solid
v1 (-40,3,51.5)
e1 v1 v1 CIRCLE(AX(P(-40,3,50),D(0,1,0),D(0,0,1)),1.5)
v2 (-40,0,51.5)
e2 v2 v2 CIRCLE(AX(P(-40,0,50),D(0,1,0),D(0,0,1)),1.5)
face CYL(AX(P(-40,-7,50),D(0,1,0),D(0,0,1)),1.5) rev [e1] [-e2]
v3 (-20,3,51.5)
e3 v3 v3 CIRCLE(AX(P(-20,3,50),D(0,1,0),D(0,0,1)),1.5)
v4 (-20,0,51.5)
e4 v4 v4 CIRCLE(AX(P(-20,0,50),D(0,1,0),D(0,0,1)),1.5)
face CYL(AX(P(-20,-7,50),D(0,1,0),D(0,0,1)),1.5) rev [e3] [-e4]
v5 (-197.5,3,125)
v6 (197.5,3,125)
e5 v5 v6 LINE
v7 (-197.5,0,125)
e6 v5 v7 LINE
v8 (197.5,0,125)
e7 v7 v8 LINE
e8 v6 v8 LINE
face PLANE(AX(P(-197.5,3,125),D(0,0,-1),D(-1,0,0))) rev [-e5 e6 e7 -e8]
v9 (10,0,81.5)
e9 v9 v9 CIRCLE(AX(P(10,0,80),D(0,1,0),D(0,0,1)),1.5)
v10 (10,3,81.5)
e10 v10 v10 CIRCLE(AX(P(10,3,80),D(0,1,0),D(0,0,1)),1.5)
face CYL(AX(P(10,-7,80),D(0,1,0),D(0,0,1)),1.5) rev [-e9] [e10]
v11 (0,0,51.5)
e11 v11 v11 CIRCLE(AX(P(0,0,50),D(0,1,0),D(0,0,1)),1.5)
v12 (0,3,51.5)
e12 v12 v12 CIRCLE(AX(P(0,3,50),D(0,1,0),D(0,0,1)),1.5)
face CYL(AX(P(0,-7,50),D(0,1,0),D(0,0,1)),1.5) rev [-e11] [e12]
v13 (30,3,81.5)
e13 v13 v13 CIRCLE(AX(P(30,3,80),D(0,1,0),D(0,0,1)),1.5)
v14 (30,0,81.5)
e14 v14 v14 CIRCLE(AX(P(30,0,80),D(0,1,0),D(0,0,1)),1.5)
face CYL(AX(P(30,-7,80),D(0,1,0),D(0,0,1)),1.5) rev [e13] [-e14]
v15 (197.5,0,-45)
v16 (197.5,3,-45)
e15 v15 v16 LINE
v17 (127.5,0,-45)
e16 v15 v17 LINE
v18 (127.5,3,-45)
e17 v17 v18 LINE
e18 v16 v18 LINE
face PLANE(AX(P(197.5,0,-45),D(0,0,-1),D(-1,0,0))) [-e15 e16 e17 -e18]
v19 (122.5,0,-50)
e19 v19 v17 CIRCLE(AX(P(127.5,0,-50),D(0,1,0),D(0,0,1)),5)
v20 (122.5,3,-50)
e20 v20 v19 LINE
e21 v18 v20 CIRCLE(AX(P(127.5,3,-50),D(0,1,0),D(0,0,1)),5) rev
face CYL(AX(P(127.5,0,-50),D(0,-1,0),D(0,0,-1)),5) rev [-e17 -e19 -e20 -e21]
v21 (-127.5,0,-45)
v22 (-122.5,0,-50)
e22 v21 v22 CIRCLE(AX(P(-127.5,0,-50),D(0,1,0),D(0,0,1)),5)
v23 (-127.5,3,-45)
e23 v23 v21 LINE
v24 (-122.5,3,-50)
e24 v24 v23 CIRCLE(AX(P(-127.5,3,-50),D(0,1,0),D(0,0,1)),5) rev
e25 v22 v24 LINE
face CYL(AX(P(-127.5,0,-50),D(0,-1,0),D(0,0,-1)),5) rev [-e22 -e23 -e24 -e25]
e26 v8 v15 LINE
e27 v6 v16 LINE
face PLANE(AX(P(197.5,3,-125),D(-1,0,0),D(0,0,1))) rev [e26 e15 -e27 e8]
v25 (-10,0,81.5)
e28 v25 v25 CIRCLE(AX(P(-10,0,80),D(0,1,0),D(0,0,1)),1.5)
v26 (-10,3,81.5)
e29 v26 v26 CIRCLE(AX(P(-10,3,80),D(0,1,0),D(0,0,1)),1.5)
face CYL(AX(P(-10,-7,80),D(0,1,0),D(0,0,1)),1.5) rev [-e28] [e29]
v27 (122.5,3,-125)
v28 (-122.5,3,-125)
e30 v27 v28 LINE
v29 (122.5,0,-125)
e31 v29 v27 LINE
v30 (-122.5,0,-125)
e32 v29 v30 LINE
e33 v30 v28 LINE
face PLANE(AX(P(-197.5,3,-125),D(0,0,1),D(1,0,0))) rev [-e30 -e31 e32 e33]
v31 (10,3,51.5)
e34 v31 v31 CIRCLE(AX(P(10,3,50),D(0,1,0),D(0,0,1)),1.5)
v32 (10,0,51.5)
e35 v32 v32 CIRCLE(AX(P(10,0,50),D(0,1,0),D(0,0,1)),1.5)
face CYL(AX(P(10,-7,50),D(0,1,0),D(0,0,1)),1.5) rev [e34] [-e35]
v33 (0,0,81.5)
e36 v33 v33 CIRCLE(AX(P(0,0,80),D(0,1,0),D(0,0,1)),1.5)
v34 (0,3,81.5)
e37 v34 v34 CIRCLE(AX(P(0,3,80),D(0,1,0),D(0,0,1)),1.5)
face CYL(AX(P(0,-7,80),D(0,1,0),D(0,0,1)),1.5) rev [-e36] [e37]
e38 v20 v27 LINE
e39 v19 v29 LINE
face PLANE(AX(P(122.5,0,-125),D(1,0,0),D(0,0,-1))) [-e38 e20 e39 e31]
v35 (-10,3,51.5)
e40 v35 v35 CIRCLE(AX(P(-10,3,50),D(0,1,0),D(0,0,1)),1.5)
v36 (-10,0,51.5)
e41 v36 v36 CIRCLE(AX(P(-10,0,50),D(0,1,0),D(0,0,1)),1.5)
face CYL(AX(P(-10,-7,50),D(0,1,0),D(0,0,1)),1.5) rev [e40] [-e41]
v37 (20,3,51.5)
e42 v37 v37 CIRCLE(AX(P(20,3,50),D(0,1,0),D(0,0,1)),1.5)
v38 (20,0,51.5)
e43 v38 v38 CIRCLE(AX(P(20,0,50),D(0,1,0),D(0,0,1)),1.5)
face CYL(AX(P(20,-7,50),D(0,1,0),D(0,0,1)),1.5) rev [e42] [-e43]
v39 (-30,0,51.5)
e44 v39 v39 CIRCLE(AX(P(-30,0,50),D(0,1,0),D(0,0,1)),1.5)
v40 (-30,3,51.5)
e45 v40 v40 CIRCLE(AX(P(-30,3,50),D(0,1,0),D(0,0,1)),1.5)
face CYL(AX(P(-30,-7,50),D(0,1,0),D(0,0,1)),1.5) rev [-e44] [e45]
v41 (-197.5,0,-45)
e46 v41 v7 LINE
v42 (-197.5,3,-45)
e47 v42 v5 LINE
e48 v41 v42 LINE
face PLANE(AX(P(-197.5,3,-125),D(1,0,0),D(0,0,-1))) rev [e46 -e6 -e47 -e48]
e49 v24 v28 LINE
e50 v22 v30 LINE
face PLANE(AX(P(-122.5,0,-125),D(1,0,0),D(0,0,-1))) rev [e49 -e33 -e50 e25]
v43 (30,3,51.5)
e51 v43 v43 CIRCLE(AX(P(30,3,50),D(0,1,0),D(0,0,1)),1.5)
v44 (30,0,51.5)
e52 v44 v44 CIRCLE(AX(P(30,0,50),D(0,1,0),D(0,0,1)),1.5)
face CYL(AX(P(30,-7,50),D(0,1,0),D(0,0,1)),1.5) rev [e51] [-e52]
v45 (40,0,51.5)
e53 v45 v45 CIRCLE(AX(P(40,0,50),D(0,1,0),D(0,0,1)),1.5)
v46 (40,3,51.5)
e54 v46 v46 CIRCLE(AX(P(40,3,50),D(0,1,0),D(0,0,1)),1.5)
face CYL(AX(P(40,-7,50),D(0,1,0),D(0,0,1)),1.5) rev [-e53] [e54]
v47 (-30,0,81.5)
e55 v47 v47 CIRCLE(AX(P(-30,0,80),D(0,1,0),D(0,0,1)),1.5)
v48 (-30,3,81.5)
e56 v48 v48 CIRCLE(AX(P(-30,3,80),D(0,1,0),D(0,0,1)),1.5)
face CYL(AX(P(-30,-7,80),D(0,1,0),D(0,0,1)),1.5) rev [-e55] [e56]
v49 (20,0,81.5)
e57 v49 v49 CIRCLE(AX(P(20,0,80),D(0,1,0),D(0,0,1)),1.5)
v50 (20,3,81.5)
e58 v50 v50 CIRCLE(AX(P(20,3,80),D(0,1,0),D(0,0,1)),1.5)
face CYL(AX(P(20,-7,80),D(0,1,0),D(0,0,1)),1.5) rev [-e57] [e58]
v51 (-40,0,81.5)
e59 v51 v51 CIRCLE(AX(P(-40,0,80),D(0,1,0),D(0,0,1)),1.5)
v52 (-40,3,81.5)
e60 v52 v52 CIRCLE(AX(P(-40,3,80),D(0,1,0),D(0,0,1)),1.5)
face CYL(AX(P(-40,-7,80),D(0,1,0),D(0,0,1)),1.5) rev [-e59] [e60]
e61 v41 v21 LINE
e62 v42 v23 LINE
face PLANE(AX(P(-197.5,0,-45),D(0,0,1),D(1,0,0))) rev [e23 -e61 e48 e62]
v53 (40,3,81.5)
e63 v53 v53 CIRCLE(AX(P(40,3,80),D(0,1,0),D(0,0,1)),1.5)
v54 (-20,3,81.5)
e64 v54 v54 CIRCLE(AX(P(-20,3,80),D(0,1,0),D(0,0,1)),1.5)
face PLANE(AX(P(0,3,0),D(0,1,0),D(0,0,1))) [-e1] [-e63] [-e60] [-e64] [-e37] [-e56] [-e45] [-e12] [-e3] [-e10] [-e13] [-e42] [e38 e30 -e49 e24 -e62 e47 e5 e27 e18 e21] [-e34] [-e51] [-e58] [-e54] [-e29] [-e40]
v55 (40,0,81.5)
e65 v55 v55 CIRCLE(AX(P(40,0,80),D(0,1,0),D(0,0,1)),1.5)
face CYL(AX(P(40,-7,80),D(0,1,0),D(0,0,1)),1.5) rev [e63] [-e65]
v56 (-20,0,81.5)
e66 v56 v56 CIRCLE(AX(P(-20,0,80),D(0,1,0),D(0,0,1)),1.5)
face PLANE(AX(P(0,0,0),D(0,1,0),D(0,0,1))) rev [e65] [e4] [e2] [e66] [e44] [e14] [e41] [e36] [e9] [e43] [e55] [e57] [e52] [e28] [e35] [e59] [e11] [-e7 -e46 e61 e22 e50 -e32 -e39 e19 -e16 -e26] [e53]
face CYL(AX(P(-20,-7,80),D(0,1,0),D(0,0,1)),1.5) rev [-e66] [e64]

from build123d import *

# Parameters (mm, degrees)
SKETCH1_W           = 395
SKETCH1_H           = 250
BOSS_EXTRUDE1_DEPTH = 3
SKETCH2_W           = 75
SKETCH2_H           = 80
CUT_EXTRUDE1_DEPTH  = 3
SKETCH3_R           = 1.5
CUT_EXTRUDE2_DEPTH  = 10
FILLET1_R           = 5
LPATTERN1_COUNT     = 5
LPATTERN1_PITCH     = 10
LPATTERN1_COL_COUNT = 5
LPATTERN1_COL_PITCH = 10


with BuildPart() as part:
    # Sketch1 → Boss-Extrude1 (new body)
    with BuildSketch(Plane(origin=(0, 0, 0), x_dir=(1, 0, 0), z_dir=(0, 1, 0))):
        Rectangle(SKETCH1_W, SKETCH1_H)
    extrude(amount=BOSS_EXTRUDE1_DEPTH)

    # Sketch2 → Cut-Extrude1 (cut)
    with BuildSketch(Plane(origin=(0, 3, 0), x_dir=(1, 0, 0), z_dir=(0, 1, 0))):
        with Locations((-160, 85)):
            Rectangle(SKETCH2_W, SKETCH2_H)
    cut_extrude1 = extrude(amount=-CUT_EXTRUDE1_DEPTH, mode=Mode.SUBTRACT)

    # Mirror1: Cut-Extrude1 across plane
    add(cut_extrude1.mirror(Plane(origin=(0, 0, 0), x_dir=(0, 0, 1), z_dir=(1, 0, 0))), mode=Mode.SUBTRACT)

    # Sketch3 → Cut-Extrude2 (cut)
    with BuildSketch(Plane(origin=(0, 3, 0), x_dir=(1, 0, 0), z_dir=(0, 1, 0))):
        with Locations((0, -50)):
            Circle(SKETCH3_R)
        with Locations((0, -80)):
            Circle(SKETCH3_R)
    cut_extrude2 = extrude(amount=-CUT_EXTRUDE2_DEPTH, mode=Mode.SUBTRACT)

    # Fillet1
    fillet1_edges = [part.edges().sort_by_distance(p)[0] for p in [
        (-122.5, 1.5, -45),
        (122.5, 1.5, -45),
    ]]
    fillet(fillet1_edges, radius=FILLET1_R)

    # LPattern1: Cut-Extrude2 ×5
    with Locations(*[(-i * LPATTERN1_PITCH, 0, 0) for i in range(1, LPATTERN1_COUNT)]):
        add(cut_extrude2, mode=Mode.SUBTRACT)

    # LPattern1 col: Cut-Extrude2 ×5
    with Locations(*[(i * LPATTERN1_COL_PITCH, 0, 0) for i in range(1, LPATTERN1_COL_COUNT)]):
        add(cut_extrude2, mode=Mode.SUBTRACT)


solid = part.part
